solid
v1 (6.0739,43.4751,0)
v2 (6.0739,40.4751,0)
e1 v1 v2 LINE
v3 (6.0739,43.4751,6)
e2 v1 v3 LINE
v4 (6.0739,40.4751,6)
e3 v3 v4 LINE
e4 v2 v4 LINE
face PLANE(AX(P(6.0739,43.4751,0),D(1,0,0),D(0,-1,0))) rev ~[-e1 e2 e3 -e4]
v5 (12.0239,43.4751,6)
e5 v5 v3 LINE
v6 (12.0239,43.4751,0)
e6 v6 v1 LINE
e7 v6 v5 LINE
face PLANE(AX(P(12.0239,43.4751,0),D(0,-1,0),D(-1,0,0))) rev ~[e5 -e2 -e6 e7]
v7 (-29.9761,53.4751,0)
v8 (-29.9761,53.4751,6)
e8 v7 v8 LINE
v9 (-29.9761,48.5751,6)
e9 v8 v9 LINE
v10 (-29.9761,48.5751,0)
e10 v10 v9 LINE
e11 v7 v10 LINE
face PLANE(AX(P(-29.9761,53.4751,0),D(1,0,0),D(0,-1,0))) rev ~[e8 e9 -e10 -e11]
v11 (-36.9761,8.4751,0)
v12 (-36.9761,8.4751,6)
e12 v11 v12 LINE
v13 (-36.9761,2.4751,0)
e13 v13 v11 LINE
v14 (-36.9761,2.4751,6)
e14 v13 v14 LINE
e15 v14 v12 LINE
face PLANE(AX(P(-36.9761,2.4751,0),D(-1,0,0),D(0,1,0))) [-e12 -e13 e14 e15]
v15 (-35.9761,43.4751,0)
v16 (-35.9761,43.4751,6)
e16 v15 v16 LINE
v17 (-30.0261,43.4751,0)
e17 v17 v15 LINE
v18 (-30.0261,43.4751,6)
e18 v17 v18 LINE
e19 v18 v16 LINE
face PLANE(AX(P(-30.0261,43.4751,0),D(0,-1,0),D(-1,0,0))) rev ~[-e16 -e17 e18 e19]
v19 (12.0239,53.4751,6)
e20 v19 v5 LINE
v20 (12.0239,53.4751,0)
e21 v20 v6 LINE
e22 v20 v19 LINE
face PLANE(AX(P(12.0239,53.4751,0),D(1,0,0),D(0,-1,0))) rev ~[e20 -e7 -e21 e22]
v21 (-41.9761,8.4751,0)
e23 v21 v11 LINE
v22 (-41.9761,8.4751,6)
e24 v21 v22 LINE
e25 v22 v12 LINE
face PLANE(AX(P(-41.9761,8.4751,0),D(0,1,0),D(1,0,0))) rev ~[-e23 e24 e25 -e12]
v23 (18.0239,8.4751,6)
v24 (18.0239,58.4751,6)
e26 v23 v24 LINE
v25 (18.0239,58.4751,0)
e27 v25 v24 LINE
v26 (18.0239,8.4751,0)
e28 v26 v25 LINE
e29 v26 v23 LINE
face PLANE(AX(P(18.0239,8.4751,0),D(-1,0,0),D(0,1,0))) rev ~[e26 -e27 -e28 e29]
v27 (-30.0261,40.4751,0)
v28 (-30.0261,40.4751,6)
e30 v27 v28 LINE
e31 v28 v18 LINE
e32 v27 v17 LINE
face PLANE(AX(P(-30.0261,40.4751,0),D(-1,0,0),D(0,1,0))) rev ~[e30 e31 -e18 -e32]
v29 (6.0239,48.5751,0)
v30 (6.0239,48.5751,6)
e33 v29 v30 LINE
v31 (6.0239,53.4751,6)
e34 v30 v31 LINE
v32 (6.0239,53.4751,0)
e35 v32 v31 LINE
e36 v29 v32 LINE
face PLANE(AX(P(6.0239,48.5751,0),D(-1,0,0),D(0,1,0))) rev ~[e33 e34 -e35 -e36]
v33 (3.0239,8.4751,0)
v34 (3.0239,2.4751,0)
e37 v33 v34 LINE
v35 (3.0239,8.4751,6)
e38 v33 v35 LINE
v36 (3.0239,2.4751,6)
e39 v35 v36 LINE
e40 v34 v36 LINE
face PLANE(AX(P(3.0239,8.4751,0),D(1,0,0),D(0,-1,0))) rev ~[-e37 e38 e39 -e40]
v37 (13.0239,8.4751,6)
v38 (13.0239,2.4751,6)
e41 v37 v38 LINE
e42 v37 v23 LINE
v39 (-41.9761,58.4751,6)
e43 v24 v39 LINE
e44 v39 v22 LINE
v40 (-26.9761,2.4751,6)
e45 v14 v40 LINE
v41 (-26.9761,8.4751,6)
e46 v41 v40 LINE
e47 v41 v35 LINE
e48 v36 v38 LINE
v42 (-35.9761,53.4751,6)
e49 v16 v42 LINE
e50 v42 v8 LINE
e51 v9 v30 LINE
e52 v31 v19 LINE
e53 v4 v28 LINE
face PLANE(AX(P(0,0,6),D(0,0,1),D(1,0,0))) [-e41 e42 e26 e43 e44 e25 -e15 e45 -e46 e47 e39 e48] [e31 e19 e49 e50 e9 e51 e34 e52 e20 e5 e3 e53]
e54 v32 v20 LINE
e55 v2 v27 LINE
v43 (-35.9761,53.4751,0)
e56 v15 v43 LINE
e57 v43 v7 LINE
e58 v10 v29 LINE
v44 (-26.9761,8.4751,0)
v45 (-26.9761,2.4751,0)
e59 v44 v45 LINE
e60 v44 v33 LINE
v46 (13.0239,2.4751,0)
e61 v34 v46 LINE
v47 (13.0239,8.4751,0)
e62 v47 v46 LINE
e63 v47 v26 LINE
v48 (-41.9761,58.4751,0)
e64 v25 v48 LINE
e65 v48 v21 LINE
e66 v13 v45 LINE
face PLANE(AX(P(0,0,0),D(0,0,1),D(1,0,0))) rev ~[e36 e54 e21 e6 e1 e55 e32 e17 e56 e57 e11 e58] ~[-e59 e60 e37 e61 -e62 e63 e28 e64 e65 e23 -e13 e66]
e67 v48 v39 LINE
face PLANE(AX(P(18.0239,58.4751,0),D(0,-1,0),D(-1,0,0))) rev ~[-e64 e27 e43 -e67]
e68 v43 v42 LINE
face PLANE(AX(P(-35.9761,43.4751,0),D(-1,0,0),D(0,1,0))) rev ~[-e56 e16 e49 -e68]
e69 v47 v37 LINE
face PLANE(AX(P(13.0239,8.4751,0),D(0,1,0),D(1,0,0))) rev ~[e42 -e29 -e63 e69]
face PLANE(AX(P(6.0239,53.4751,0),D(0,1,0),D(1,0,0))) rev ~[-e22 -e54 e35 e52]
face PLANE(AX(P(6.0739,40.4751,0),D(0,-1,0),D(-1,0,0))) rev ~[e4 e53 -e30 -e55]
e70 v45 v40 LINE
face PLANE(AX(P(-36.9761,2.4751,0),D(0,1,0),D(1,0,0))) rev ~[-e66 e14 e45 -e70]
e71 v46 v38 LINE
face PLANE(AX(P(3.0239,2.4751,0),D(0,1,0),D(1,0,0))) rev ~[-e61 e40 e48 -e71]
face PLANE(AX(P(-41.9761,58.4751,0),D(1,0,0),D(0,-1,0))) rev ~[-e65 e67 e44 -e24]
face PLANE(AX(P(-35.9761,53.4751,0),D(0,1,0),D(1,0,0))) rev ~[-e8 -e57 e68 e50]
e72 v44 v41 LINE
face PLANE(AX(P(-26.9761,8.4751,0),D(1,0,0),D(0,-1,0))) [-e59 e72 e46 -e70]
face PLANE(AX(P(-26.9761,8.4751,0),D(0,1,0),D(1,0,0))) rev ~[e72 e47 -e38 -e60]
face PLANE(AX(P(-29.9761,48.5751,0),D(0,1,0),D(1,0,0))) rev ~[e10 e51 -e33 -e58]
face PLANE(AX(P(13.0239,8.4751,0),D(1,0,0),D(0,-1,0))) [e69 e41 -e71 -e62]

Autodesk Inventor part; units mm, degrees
ref_plane "YZ Plane" through (0, 0, 0) normal (1, 0, 0) x (0, 1, 0)
ref_plane "XZ Plane" through (0, 0, 0) normal (0, 1, 0) x (-1, 0, 0)
ref_plane "XY Plane" through (0, 0, 0) normal (0, 0, 1) x (1, 0, 0)
sketch "Esquisse1" plane through (0, 0, 0) normal (0, 0, 1) x (1, 0, 0)
  line L0 (18.0239, 8.4751) -> (18.0239, 58.4751)
  line L1 (18.0239, 58.4751) -> (-41.9761, 58.4751)
  line L2 (-41.9761, 58.4751) -> (-41.9761, 8.4751)
  line L3 (-30.0261, 48.5751) -> (6.0739, 48.5751)
  line L4 (6.0739, 48.5751) -> (6.0739, 40.4751)
  line L5 (6.0739, 40.4751) -> (-30.0261, 40.4751)
  line L6 (-30.0261, 40.4751) -> (-30.0261, 48.5751)
  line L7 (-36.9761, 2.4751) -> (-36.9761, 8.4751)
  line L8 (-26.9761, 8.4751) -> (-26.9761, 2.4751)
  line L9 (3.0239, 8.4751) -> (3.0239, 2.4751)
  line L10 (13.0239, 8.4751) -> (13.0239, 2.4751)
  line L11 (-41.9761, 8.4751) -> (-36.9761, 8.4751)
  line L12 (13.0239, 8.4751) -> (18.0239, 8.4751)
  line L13 (-26.9761, 8.4751) -> (3.0239, 8.4751)
  line L14 (-36.9761, 2.4751) -> (-26.9761, 2.4751)
  line L15 (3.0239, 2.4751) -> (13.0239, 2.4751)
  line L16 (-35.9761, 53.4751) -> (-29.9761, 53.4751)
  line L17 (-29.9761, 53.4751) -> (-29.9761, 43.4751)
  line L18 (-29.9761, 43.4751) -> (-35.9761, 43.4751)
  line L19 (-35.9761, 43.4751) -> (-35.9761, 53.4751)
  line L20 (6.0239, 53.4751) -> (12.0239, 53.4751)
  line L21 (12.0239, 53.4751) -> (12.0239, 43.4751)
  line L22 (12.0239, 43.4751) -> (6.0239, 43.4751)
  line L23 (6.0239, 43.4751) -> (6.0239, 53.4751)
  point P0 (0, 0)
  dimension "d0" = 50
  dimension "d3" = 8.1
  dimension "d4" = 36.1
  dimension "d5" = 11.95
  dimension "d6" = 10
  dimension "d7" = 10
  dimension "d12" = 6
  dimension "d13" = 10
  dimension "d14" = 6
  dimension "d16" = 36
  dimension "d17" = 6
  dimension "d20" = 35
  dimension "d21" = 35
  dimension "d22" = 10
  dimension "d23" = 6
  dimension "d24" = 6
  dimension "d25" = 32
extrude "Extrusion1" add sketch "Esquisse1" along normal blind 6
properties part number "attache"
